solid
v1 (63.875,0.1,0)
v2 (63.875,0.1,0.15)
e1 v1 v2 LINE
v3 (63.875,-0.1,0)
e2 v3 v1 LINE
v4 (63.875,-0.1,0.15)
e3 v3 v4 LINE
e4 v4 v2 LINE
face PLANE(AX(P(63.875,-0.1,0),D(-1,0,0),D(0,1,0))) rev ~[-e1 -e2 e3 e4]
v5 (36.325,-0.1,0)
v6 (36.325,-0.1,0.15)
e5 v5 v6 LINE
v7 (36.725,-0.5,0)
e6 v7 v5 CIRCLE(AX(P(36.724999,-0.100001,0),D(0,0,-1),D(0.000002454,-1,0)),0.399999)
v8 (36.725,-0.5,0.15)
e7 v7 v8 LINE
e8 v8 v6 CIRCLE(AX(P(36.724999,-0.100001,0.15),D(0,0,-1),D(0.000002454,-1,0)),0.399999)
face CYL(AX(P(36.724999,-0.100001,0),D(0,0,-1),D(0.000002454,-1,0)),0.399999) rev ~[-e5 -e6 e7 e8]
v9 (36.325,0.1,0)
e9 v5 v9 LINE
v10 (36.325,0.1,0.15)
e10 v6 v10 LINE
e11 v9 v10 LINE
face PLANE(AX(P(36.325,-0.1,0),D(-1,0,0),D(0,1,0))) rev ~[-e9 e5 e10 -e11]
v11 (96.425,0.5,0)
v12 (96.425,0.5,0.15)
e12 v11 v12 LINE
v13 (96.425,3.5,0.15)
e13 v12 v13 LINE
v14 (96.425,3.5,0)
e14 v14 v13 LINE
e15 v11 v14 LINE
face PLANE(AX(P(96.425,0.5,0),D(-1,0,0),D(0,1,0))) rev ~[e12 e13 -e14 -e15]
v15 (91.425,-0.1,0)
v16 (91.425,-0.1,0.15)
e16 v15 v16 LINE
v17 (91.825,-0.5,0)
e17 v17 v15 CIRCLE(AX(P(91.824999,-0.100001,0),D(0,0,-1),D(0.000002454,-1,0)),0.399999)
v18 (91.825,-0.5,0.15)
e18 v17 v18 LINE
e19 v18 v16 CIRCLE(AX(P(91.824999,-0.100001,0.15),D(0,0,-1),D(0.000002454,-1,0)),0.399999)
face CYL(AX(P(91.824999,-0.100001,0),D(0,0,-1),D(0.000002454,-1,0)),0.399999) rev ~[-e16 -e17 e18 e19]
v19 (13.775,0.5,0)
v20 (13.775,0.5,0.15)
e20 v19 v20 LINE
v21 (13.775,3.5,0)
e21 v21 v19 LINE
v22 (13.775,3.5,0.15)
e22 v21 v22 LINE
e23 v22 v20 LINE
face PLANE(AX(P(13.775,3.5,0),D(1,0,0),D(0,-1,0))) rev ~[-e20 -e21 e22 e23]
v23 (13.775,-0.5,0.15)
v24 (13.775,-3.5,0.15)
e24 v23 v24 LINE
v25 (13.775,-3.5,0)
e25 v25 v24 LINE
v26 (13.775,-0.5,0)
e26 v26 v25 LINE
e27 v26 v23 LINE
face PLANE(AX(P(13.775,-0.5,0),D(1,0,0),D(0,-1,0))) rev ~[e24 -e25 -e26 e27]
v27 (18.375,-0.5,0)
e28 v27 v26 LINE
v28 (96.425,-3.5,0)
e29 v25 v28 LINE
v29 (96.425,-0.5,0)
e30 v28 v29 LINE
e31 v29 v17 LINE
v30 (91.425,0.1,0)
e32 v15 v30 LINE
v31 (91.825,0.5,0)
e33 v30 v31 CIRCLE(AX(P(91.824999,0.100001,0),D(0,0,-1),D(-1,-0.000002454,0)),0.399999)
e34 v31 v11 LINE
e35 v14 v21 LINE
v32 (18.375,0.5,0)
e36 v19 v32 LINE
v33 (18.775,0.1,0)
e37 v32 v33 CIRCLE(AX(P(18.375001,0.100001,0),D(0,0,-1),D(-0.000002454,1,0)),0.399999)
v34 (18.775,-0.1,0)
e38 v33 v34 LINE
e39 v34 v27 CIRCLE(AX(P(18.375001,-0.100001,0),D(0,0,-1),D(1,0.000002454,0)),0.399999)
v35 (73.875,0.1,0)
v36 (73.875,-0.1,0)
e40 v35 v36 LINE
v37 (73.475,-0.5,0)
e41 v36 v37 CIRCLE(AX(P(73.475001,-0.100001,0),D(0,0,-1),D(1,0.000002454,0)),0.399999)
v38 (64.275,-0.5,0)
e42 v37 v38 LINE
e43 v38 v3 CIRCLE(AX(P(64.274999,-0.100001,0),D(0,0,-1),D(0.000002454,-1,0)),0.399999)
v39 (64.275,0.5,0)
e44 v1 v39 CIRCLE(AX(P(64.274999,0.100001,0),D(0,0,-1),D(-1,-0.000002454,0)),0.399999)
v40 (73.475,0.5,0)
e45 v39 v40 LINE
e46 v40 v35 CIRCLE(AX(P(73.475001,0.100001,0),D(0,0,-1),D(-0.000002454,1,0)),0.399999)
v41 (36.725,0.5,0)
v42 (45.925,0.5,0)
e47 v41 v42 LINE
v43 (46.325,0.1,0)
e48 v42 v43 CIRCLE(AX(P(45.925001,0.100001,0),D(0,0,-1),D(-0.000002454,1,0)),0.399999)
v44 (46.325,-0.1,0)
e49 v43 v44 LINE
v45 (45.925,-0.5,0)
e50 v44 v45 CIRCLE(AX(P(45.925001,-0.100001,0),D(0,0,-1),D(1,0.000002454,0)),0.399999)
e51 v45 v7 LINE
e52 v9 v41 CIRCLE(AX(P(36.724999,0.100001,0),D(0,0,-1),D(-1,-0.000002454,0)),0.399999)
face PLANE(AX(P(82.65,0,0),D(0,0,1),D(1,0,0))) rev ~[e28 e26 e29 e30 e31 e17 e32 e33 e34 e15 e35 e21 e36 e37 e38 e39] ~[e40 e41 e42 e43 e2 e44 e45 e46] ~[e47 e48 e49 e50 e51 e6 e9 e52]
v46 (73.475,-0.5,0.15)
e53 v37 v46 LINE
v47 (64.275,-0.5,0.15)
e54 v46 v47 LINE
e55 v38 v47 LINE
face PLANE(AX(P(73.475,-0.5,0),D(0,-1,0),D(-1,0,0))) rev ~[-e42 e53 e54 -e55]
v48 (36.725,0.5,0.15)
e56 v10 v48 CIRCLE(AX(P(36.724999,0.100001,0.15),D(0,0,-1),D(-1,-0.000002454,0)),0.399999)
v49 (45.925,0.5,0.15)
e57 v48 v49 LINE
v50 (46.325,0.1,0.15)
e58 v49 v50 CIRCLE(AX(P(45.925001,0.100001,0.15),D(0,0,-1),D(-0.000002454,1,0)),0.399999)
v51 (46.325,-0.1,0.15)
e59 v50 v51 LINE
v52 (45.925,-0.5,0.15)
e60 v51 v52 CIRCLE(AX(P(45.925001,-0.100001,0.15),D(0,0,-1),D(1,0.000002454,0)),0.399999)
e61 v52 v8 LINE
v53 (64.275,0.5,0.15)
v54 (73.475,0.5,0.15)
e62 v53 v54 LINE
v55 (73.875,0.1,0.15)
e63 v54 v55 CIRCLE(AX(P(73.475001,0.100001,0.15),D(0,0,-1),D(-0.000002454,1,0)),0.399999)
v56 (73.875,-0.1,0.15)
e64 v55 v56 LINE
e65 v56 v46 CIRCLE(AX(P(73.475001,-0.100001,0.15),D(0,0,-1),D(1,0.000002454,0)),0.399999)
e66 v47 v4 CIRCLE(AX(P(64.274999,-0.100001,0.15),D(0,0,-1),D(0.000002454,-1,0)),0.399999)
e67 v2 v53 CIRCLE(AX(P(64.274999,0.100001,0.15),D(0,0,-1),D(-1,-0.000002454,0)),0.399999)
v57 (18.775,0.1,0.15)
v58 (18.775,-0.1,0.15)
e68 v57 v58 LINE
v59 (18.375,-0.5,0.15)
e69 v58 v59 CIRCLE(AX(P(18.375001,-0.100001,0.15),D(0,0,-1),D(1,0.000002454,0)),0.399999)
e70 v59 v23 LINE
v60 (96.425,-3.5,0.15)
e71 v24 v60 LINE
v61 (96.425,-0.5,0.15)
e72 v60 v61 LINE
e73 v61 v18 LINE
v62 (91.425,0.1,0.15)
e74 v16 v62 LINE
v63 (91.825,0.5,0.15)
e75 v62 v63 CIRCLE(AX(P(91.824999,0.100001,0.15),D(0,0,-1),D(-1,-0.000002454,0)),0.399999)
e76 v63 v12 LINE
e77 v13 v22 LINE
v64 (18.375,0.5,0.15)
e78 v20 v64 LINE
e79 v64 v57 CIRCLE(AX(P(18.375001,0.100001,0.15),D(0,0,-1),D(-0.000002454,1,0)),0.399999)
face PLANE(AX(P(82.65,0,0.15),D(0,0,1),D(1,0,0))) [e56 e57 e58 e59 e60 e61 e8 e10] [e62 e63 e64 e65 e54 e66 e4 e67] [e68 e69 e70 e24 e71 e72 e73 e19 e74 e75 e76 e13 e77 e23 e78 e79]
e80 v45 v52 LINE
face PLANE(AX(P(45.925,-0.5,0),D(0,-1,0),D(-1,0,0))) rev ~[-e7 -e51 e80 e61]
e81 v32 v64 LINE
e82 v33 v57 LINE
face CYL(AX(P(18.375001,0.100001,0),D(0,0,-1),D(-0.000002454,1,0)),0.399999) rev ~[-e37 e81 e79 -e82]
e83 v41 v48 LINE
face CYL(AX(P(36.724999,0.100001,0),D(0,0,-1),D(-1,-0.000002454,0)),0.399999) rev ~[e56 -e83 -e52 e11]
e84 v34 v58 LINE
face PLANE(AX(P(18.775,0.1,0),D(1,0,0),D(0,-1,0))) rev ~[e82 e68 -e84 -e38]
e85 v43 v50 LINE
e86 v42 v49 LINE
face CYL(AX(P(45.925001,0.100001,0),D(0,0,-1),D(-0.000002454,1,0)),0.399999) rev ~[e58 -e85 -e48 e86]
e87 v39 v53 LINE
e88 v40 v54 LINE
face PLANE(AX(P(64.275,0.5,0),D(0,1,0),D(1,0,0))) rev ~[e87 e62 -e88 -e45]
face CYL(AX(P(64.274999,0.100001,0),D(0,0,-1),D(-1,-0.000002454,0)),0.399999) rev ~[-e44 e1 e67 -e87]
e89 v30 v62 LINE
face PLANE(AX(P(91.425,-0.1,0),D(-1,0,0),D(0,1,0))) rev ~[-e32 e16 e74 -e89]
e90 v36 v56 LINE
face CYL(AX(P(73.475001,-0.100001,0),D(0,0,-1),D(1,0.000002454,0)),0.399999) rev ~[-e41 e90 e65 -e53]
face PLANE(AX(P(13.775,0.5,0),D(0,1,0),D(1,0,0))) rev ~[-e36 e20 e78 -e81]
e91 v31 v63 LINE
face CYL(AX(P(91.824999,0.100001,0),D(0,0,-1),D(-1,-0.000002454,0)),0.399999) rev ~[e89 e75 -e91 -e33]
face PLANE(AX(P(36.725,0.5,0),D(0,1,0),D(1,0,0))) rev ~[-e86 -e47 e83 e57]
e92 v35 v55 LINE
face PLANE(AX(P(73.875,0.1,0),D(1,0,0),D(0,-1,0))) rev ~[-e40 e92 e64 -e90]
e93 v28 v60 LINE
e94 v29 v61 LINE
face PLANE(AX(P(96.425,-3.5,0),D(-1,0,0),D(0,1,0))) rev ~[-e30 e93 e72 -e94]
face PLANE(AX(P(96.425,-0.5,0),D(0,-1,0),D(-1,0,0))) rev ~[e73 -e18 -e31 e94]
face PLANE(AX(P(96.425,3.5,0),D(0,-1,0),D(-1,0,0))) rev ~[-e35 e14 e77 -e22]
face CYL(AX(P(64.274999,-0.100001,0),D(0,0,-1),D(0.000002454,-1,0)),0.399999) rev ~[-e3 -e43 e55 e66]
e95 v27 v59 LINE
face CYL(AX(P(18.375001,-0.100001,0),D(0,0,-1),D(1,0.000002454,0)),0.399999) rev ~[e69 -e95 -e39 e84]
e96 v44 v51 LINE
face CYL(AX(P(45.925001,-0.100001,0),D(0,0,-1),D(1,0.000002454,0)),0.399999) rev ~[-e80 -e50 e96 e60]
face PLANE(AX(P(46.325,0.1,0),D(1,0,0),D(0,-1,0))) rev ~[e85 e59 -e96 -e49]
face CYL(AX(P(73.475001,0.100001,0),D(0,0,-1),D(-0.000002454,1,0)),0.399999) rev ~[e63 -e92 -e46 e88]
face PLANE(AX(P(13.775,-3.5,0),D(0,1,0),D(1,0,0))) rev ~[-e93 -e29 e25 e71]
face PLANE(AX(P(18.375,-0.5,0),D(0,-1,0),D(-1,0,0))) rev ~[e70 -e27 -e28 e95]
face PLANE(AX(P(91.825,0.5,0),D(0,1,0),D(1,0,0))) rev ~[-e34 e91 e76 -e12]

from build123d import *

# Parameters (mm, degrees)
F1_DEPTH = 0.15


with BuildPart() as f1:
    # F0 (on Top) → F1 (new body)
    with BuildSketch(Plane.XY):
        with BuildLine():
            Line((68.875, -0.5), (68.875, -3.5))
            Line((68.875, -3.5), (82.65, -3.5))
            Line((82.65, -3.5), (96.425, -3.5))
            Line((96.425, -3.5), (96.425, -0.5))
            Line((96.425, -0.5), (91.825, -0.5))
            ThreePointArc((91.825, -0.5), (91.542157, -0.382843), (91.425, -0.1))
            Line((91.425, -0.1), (91.425, 0.1))
            ThreePointArc((91.425, 0.1), (91.542157, 0.382843), (91.825, 0.5))
            Line((91.825, 0.5), (96.425, 0.5))
            Line((96.425, 0.5), (96.425, 3.5))
            Line((96.425, 3.5), (82.65, 3.5))
            Line((82.65, 3.5), (68.875, 3.5))
            Line((68.875, 3.5), (68.875, 0.5))
            Line((68.875, 0.5), (73.475, 0.5))
            ThreePointArc((73.475, 0.5), (73.757843, 0.382843), (73.875, 0.1))
            Line((73.875, 0.1), (73.875, -0.1))
            ThreePointArc((73.875, -0.1), (73.757843, -0.382843), (73.475, -0.5))
            Line((73.475, -0.5), (68.875, -0.5))
        make_face()
        with BuildLine():
            Line((13.775, -0.5), (13.775, -3.5))
            Line((13.775, -3.5), (27.55, -3.5))
            Line((27.55, -3.5), (41.325, -3.5))
            Line((41.325, -3.5), (41.325, -0.5))
            Line((41.325, -0.5), (36.725, -0.5))
            ThreePointArc((36.725, -0.5), (36.442157, -0.382843), (36.325, -0.1))
            Line((36.325, -0.1), (36.325, 0.1))
            ThreePointArc((36.325, 0.1), (36.442157, 0.382843), (36.725, 0.5))
            Line((36.725, 0.5), (41.325, 0.5))
            Line((41.325, 0.5), (41.325, 3.5))
            Line((41.325, 3.5), (27.55, 3.5))
            Line((27.55, 3.5), (13.775, 3.5))
            Line((13.775, 3.5), (13.775, 0.5))
            Line((13.775, 0.5), (18.375, 0.5))
            ThreePointArc((18.375, 0.5), (18.657843, 0.382843), (18.775, 0.1))
            Line((18.775, 0.1), (18.775, -0.1))
            ThreePointArc((18.775, -0.1), (18.657843, -0.382843), (18.375, -0.5))
            Line((18.375, -0.5), (13.775, -0.5))
        make_face()
        with BuildLine():
            Line((41.325, -0.5), (41.325, -3.5))
            Line((41.325, -3.5), (55.1, -3.5))
            Line((55.1, -3.5), (68.875, -3.5))
            Line((68.875, -3.5), (68.875, -0.5))
            Line((68.875, -0.5), (64.275, -0.5))
            ThreePointArc((64.275, -0.5), (63.992157, -0.382843), (63.875, -0.1))
            Line((63.875, -0.1), (63.875, 0.1))
            ThreePointArc((63.875, 0.1), (63.992157, 0.382843), (64.275, 0.5))
            Line((64.275, 0.5), (68.875, 0.5))
            Line((68.875, 0.5), (68.875, 3.5))
            Line((68.875, 3.5), (55.1, 3.5))
            Line((55.1, 3.5), (41.325, 3.5))
            Line((41.325, 3.5), (41.325, 0.5))
            Line((41.325, 0.5), (45.925, 0.5))
            ThreePointArc((45.925, 0.5), (46.207843, 0.382843), (46.325, 0.1))
            Line((46.325, 0.1), (46.325, -0.1))
            ThreePointArc((46.325, -0.1), (46.207843, -0.382843), (45.925, -0.5))
            Line((45.925, -0.5), (41.325, -0.5))
        make_face()
    extrude(amount=F1_DEPTH)


solid = f1.part
